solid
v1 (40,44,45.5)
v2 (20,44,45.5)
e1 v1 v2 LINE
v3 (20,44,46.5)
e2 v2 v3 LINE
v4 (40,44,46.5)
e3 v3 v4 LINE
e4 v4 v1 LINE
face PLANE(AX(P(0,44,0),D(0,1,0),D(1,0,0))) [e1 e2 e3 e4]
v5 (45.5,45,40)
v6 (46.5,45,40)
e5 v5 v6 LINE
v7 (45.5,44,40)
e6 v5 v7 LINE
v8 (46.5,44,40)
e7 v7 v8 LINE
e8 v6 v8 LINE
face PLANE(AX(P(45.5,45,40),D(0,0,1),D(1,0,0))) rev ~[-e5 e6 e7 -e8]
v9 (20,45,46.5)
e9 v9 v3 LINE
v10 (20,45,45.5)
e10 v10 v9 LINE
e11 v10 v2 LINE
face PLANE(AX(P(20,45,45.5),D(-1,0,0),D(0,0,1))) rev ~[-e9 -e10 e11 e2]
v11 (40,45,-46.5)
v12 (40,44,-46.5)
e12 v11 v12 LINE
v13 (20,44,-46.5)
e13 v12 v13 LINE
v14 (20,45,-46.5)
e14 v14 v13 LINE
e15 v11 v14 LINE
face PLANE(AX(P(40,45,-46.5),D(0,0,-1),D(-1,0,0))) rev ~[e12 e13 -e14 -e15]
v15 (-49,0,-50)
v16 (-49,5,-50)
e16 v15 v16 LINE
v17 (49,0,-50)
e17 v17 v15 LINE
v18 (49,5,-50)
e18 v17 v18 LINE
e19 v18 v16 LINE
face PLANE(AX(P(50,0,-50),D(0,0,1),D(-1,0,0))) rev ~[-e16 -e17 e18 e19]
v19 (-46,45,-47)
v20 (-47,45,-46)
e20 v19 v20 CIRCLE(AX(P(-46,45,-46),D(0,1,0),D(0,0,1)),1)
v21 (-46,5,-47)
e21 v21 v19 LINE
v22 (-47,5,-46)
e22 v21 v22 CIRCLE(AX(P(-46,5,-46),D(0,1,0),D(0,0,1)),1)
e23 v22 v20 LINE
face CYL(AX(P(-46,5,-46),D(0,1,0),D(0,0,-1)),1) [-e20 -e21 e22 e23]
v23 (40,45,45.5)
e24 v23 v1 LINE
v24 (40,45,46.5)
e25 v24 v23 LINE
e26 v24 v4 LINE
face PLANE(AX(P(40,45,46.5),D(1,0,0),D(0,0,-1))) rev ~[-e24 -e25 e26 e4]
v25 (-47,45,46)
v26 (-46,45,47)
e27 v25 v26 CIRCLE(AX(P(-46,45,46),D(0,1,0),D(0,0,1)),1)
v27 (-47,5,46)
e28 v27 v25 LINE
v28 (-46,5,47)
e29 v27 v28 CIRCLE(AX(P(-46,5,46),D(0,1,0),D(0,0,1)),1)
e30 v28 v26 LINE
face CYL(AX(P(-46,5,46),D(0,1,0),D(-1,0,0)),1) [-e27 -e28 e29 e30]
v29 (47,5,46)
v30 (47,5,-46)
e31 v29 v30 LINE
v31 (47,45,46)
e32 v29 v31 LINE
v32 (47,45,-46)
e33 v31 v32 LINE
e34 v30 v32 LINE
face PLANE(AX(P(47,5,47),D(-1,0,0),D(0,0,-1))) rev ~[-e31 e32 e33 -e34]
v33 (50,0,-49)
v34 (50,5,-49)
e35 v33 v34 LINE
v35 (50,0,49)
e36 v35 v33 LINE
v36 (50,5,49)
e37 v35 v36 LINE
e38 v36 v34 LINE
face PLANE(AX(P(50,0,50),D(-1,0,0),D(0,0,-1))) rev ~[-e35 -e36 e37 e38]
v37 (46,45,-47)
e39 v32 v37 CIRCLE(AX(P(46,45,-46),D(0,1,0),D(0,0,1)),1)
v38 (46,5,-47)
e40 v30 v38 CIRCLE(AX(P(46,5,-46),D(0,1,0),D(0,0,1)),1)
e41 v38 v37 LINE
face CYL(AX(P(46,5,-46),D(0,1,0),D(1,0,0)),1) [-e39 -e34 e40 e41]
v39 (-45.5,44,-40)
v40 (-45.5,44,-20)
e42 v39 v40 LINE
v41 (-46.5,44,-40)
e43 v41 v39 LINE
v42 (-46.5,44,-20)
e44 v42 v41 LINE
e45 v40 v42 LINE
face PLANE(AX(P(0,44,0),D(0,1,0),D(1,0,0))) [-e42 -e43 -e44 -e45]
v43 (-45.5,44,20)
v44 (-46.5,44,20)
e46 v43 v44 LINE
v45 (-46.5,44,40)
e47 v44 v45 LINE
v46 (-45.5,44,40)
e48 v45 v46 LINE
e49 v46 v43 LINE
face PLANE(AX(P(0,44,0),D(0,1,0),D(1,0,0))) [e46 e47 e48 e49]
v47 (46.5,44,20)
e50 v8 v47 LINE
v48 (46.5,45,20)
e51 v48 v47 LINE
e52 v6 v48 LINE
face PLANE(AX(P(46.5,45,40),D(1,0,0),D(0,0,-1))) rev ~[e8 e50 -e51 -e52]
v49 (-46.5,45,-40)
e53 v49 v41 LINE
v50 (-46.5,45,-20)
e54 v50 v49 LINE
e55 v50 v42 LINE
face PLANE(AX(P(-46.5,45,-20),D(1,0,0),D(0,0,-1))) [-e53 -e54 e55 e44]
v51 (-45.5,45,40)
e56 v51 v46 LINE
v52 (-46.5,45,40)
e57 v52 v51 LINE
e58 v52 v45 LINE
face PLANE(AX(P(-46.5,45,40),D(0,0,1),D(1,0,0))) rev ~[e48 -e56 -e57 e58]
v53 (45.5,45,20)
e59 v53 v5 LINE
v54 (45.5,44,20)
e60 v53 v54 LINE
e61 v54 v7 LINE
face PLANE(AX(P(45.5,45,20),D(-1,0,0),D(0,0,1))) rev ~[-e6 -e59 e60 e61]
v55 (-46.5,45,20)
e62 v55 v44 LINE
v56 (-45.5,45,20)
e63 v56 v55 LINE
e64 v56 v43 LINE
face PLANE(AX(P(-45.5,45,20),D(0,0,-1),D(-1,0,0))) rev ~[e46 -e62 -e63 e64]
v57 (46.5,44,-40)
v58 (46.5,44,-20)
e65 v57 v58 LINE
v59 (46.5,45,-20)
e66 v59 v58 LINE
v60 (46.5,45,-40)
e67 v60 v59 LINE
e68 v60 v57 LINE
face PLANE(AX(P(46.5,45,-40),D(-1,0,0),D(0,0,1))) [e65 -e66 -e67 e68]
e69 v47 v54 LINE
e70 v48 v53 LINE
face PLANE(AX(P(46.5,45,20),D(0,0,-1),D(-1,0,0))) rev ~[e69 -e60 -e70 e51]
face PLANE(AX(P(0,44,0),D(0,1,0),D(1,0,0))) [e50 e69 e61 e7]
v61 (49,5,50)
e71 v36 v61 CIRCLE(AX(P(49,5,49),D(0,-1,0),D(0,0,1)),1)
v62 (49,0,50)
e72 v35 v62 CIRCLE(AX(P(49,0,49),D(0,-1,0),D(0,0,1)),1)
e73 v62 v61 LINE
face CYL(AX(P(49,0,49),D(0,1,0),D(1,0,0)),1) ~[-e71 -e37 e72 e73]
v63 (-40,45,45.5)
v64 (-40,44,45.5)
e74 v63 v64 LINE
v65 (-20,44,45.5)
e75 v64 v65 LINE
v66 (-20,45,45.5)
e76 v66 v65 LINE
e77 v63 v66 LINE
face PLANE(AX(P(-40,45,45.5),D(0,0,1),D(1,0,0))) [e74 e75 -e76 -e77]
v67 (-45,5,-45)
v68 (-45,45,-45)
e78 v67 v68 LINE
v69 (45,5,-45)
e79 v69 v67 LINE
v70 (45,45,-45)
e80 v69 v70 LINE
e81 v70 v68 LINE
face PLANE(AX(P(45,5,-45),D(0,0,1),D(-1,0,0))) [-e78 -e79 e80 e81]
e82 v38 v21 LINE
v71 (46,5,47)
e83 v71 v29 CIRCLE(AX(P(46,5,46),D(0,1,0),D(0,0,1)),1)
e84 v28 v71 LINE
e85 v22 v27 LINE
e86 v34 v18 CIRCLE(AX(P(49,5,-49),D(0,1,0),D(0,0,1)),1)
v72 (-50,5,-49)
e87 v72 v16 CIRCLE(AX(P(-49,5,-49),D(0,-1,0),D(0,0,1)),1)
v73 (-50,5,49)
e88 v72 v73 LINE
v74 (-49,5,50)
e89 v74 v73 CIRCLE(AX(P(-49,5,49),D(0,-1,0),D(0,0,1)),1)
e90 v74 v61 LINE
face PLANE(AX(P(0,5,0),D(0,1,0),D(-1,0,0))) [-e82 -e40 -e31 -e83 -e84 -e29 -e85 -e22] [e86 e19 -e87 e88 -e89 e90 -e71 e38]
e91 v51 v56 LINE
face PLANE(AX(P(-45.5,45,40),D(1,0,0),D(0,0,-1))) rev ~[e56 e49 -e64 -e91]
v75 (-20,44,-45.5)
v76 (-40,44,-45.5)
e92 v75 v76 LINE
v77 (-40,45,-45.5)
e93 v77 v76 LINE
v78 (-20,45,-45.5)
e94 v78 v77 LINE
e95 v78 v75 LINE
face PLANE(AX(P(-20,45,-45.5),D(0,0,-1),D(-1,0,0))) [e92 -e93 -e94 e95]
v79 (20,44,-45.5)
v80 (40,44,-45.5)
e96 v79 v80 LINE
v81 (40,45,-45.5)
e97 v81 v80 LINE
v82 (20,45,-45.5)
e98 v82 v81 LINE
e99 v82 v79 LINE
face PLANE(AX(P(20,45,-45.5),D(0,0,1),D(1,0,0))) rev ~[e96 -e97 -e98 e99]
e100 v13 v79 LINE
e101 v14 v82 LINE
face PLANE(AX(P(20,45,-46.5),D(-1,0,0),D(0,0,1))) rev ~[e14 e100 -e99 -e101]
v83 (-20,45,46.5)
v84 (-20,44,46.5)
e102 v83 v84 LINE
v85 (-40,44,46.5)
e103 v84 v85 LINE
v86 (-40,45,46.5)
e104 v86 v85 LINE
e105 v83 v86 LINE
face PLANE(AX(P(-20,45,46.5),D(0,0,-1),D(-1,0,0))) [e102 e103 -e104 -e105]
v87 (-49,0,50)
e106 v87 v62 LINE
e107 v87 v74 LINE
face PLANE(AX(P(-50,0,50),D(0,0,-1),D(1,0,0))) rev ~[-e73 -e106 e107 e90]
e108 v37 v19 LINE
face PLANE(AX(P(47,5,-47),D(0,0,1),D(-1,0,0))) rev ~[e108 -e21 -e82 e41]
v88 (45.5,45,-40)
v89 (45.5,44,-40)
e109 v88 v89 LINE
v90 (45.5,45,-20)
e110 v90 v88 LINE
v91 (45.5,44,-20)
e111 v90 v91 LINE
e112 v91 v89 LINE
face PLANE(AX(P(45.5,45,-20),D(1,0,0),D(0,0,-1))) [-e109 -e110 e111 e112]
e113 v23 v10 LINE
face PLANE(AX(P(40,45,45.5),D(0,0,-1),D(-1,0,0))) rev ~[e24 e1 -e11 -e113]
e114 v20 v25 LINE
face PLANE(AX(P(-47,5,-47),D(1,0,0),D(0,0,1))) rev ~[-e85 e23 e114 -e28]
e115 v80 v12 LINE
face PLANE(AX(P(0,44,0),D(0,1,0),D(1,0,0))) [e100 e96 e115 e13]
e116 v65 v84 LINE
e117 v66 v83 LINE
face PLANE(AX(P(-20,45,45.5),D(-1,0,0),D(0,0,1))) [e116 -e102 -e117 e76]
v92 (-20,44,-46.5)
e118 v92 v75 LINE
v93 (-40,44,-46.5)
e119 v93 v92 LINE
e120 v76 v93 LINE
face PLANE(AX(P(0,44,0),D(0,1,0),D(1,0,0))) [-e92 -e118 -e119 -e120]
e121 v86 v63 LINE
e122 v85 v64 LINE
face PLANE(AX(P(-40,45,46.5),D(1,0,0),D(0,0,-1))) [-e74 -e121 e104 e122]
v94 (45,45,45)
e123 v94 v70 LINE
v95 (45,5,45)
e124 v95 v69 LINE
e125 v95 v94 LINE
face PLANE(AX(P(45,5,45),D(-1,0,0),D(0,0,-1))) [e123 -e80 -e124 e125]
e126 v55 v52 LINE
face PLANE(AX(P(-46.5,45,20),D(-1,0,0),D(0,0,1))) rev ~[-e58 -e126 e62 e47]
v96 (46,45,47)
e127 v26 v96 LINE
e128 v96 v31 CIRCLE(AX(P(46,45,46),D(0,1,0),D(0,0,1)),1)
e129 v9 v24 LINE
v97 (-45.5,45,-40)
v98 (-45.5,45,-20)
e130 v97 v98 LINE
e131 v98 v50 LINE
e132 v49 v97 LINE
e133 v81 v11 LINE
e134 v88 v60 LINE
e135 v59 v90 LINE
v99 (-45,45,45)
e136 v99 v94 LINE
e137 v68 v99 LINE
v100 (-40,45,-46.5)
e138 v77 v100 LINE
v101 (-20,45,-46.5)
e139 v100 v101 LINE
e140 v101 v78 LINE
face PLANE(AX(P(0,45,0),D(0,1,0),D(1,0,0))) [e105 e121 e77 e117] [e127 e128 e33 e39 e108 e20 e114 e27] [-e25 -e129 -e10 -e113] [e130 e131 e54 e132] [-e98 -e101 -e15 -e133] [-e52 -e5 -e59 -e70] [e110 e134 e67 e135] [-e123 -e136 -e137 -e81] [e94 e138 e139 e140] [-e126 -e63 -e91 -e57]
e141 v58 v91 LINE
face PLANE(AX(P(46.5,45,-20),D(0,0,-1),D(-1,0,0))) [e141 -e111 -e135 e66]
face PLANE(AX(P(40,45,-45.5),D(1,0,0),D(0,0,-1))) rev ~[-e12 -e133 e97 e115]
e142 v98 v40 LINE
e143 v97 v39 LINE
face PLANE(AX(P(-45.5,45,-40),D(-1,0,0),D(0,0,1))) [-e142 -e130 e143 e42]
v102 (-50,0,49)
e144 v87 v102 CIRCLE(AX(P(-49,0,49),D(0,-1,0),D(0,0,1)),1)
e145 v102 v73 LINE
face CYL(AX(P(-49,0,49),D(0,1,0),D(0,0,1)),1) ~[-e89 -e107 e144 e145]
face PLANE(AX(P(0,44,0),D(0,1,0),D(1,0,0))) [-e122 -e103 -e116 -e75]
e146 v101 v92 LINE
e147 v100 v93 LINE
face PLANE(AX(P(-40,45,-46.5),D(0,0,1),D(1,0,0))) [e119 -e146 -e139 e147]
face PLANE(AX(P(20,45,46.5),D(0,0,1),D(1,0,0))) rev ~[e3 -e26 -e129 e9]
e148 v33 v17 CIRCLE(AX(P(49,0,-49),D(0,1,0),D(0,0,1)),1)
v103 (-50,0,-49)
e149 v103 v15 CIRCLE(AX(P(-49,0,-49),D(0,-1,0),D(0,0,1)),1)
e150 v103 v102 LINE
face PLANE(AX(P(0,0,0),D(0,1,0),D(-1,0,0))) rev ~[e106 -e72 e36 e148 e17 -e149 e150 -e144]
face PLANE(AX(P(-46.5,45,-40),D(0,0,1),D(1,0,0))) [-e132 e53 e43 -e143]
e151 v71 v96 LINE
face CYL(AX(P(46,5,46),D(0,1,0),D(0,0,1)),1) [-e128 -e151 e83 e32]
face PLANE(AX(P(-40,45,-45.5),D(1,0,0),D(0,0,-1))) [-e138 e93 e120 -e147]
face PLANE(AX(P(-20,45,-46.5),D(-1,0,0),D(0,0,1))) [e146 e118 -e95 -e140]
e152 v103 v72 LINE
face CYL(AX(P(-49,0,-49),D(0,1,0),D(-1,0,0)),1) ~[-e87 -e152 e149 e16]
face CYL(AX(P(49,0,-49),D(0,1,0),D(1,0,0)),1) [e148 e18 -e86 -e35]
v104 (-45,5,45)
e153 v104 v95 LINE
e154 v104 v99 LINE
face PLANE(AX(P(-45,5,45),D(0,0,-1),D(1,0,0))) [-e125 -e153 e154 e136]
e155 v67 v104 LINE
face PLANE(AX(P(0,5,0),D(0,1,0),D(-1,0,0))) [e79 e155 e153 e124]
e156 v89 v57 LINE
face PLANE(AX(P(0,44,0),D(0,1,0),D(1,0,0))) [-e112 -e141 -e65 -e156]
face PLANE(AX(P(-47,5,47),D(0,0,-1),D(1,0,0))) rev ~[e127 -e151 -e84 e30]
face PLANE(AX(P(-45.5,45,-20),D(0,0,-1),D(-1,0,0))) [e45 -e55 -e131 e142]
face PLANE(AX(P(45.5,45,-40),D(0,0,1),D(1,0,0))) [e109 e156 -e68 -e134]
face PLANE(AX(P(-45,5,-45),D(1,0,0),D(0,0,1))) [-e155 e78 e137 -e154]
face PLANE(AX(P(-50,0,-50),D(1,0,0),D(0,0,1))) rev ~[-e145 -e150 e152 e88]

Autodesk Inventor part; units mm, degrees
ref_plane "YZ Plane" through (0, 0, 0) normal (1, 0, 0) x (0, 1, 0)
ref_plane "XZ Plane" through (0, 0, 0) normal (0, 1, 0) x (-1, 0, 0)
ref_plane "XY Plane" through (0, 0, 0) normal (0, 0, 1) x (1, 0, 0)
sketch "Sketch1" plane through (0, 0, 0) normal (0, 1, 0) x (-1, 0, 0)
  line L0 (-50, -50) -> (50, -50)
  line L1 (50, -50) -> (50, 50)
  line L2 (50, 50) -> (-50, 50)
  line L3 (-50, 50) -> (-50, -50)
  line L4 (-50, -50) -> (50, 50) construction
  line L5 (50, -50) -> (-50, 50) construction
  point P0 (0, 0)
  dimension "d2" = 100
  dimension "d3" = 100
extrude "Extrusion1" add sketch "Sketch1" along normal blind 5
sketch "Sketch2" plane through (0, 5, 0) normal (0, 1, 0) x (1, 0, 0)
  line L0 (-50, 50) -> (-50, -50) projected
  line L1 (-50, -50) -> (50, -50) projected
  line L2 (50, -50) -> (50, 50) projected
  line L3 (50, 50) -> (-50, 50) projected
  line L4 (47, 47) -> (-47, 47)
  line L5 (-47, 47) -> (-47, -47)
  line L6 (-47, -47) -> (47, -47)
  line L7 (47, -47) -> (47, 47)
  line L8 (47, 47) -> (-47, -47) construction
  line L9 (-47, 47) -> (47, -47) construction
  line L10 (45, 45) -> (-45, 45)
  line L11 (-45, 45) -> (-45, -45)
  line L12 (-45, -45) -> (45, -45)
  line L13 (45, -45) -> (45, 45)
  line L14 (45, 45) -> (-45, -45) construction
  line L15 (-45, 45) -> (45, -45) construction
  point P0 (0, 0)
  dimension "d6" = 3
  dimension "d7" = 2
extrude "Extrusion2" add sketch "Sketch2" along normal blind 40 contours L7 L6 L5 L4
fillet "Fillet1" radius 1 1 edges at (50, 2.5, 50)
fillet "Fillet2" radius 1 1 edges at (50, 2.5, -50)
fillet "Fillet3" radius 1 1 edges at (-50, 2.5, 50)
fillet "Fillet4" radius 1 1 edges at (-50, 2.5, -50)
fillet "Fillet5" radius 1 1 edges at (-47, 25, 47)
fillet "Fillet6" radius 1 1 edges at (47, 25, 47)
fillet "Fillet7" radius 1 1 edges at (47, 25, -47)
fillet "Fillet8" radius 1 1 edges at (-47, 25, -47)
sketch "Sketch3" plane through (0, 45, 0) normal (0, 1, 0) x (1, 0, 0)
  arc A0 (-46, 47) -> (-47, 46) centre (-46, 46) ccw projected
  line L0 (-47, 46) -> (-47, -46) projected
  arc A1 (-47, -46) -> (-46, -47) centre (-46, -46) ccw projected
  line L1 (-46, -47) -> (46, -47) projected
  arc A2 (46, -47) -> (47, -46) centre (46, -46) ccw projected
  line L2 (47, -46) -> (47, 46) projected
  arc A3 (47, 46) -> (46, 47) centre (46, 46) ccw projected
  line L3 (46, 47) -> (-46, 47) projected
  line L4 (45, 45) -> (45, -45) projected
  line L5 (45, -45) -> (-45, -45) projected
  line L6 (-45, -45) -> (-45, 45) projected
  line L7 (-45, 45) -> (45, 45) projected
  line L8 (-46.5, -40) -> (-45.5, -40)
  line L9 (-45.5, -40) -> (-45.5, -20)
  line L10 (-45.5, -20) -> (-46.5, -20)
  line L11 (-46.5, -20) -> (-46.5, -40)
  line L12 (-46.5, 40) -> (-45.5, 40)
  line L13 (-45.5, 40) -> (-45.5, 20)
  line L14 (-45.5, 20) -> (-46.5, 20)
  line L15 (-46.5, 20) -> (-46.5, 40)
  line L16 (-40, 46.5) -> (-20, 46.5)
  line L17 (-20, 46.5) -> (-20, 45.5)
  line L18 (-20, 45.5) -> (-40, 45.5)
  line L19 (-40, 45.5) -> (-40, 46.5)
  line L20 (40, 46.5) -> (20, 46.5)
  line L21 (20, 46.5) -> (20, 45.5)
  line L22 (20, 45.5) -> (40, 45.5)
  line L23 (40, 45.5) -> (40, 46.5)
  line L24 (45.5, 40) -> (46.5, 40)
  line L25 (46.5, 40) -> (46.5, 20)
  line L26 (46.5, 20) -> (45.5, 20)
  line L27 (45.5, 20) -> (45.5, 40)
  line L28 (45.5, -40) -> (46.5, -40)
  line L29 (46.5, -40) -> (46.5, -20)
  line L30 (46.5, -20) -> (45.5, -20)
  line L31 (45.5, -20) -> (45.5, -40)
  line L32 (40, -45.5) -> (20, -45.5)
  line L33 (20, -45.5) -> (20, -46.5)
  line L34 (20, -46.5) -> (40, -46.5)
  line L35 (40, -46.5) -> (40, -45.5)
  line L36 (-40, -45.5) -> (-20, -45.5)
  line L37 (-20, -45.5) -> (-20, -46.5)
  line L38 (-20, -46.5) -> (-40, -46.5)
  line L39 (-40, -46.5) -> (-40, -45.5)
  point P0 (0, 0)
  point P1 (-46, 40)
  point P2 (-46, 20)
  point P3 (46, 40)
  dimension "d18" = 1
  dimension "d19" = 20
  dimension "d20" = 0.5
  dimension "d21" = 7
  dimension "d22" = 7
  dimension "d23" = 0.5
  dimension "d24" = 1
  dimension "d25" = 20
  dimension "d26" = 20
  dimension "d27" = 1
  dimension "d28" = 0.5
  dimension "d29" = 7
  dimension "d30" = 20
  dimension "d31" = 1
  dimension "d32" = 0.5
  dimension "d33" = 7
  dimension "d34" = 1
  dimension "d35" = 20
  dimension "d36" = 0.5
  dimension "d37" = 7
  dimension "d38" = 1
  dimension "d39" = 20
  dimension "d40" = 7
  dimension "d41" = 0.5
  dimension "d42" = 20
  dimension "d43" = 1
  dimension "d44" = 0.5
  dimension "d45" = 7
  dimension "d46" = 20
  dimension "d47" = 1
  dimension "d48" = 0.5
  dimension "d49" = 7
extrude "Extrusion3" cut sketch "Sketch3" against normal blind 1 contours L11 L10 L9 L8 | L12 L13 L14 L15 | L16 L17 L18 L19 | L23 L22 L21 L20 | L24 L25 L26 L27 | L31 L30 L29 L28 | L35 L34 L33 L32 | L36 L37 L38 L39
properties part number "block_main" material "PC/ABS Plastic"
